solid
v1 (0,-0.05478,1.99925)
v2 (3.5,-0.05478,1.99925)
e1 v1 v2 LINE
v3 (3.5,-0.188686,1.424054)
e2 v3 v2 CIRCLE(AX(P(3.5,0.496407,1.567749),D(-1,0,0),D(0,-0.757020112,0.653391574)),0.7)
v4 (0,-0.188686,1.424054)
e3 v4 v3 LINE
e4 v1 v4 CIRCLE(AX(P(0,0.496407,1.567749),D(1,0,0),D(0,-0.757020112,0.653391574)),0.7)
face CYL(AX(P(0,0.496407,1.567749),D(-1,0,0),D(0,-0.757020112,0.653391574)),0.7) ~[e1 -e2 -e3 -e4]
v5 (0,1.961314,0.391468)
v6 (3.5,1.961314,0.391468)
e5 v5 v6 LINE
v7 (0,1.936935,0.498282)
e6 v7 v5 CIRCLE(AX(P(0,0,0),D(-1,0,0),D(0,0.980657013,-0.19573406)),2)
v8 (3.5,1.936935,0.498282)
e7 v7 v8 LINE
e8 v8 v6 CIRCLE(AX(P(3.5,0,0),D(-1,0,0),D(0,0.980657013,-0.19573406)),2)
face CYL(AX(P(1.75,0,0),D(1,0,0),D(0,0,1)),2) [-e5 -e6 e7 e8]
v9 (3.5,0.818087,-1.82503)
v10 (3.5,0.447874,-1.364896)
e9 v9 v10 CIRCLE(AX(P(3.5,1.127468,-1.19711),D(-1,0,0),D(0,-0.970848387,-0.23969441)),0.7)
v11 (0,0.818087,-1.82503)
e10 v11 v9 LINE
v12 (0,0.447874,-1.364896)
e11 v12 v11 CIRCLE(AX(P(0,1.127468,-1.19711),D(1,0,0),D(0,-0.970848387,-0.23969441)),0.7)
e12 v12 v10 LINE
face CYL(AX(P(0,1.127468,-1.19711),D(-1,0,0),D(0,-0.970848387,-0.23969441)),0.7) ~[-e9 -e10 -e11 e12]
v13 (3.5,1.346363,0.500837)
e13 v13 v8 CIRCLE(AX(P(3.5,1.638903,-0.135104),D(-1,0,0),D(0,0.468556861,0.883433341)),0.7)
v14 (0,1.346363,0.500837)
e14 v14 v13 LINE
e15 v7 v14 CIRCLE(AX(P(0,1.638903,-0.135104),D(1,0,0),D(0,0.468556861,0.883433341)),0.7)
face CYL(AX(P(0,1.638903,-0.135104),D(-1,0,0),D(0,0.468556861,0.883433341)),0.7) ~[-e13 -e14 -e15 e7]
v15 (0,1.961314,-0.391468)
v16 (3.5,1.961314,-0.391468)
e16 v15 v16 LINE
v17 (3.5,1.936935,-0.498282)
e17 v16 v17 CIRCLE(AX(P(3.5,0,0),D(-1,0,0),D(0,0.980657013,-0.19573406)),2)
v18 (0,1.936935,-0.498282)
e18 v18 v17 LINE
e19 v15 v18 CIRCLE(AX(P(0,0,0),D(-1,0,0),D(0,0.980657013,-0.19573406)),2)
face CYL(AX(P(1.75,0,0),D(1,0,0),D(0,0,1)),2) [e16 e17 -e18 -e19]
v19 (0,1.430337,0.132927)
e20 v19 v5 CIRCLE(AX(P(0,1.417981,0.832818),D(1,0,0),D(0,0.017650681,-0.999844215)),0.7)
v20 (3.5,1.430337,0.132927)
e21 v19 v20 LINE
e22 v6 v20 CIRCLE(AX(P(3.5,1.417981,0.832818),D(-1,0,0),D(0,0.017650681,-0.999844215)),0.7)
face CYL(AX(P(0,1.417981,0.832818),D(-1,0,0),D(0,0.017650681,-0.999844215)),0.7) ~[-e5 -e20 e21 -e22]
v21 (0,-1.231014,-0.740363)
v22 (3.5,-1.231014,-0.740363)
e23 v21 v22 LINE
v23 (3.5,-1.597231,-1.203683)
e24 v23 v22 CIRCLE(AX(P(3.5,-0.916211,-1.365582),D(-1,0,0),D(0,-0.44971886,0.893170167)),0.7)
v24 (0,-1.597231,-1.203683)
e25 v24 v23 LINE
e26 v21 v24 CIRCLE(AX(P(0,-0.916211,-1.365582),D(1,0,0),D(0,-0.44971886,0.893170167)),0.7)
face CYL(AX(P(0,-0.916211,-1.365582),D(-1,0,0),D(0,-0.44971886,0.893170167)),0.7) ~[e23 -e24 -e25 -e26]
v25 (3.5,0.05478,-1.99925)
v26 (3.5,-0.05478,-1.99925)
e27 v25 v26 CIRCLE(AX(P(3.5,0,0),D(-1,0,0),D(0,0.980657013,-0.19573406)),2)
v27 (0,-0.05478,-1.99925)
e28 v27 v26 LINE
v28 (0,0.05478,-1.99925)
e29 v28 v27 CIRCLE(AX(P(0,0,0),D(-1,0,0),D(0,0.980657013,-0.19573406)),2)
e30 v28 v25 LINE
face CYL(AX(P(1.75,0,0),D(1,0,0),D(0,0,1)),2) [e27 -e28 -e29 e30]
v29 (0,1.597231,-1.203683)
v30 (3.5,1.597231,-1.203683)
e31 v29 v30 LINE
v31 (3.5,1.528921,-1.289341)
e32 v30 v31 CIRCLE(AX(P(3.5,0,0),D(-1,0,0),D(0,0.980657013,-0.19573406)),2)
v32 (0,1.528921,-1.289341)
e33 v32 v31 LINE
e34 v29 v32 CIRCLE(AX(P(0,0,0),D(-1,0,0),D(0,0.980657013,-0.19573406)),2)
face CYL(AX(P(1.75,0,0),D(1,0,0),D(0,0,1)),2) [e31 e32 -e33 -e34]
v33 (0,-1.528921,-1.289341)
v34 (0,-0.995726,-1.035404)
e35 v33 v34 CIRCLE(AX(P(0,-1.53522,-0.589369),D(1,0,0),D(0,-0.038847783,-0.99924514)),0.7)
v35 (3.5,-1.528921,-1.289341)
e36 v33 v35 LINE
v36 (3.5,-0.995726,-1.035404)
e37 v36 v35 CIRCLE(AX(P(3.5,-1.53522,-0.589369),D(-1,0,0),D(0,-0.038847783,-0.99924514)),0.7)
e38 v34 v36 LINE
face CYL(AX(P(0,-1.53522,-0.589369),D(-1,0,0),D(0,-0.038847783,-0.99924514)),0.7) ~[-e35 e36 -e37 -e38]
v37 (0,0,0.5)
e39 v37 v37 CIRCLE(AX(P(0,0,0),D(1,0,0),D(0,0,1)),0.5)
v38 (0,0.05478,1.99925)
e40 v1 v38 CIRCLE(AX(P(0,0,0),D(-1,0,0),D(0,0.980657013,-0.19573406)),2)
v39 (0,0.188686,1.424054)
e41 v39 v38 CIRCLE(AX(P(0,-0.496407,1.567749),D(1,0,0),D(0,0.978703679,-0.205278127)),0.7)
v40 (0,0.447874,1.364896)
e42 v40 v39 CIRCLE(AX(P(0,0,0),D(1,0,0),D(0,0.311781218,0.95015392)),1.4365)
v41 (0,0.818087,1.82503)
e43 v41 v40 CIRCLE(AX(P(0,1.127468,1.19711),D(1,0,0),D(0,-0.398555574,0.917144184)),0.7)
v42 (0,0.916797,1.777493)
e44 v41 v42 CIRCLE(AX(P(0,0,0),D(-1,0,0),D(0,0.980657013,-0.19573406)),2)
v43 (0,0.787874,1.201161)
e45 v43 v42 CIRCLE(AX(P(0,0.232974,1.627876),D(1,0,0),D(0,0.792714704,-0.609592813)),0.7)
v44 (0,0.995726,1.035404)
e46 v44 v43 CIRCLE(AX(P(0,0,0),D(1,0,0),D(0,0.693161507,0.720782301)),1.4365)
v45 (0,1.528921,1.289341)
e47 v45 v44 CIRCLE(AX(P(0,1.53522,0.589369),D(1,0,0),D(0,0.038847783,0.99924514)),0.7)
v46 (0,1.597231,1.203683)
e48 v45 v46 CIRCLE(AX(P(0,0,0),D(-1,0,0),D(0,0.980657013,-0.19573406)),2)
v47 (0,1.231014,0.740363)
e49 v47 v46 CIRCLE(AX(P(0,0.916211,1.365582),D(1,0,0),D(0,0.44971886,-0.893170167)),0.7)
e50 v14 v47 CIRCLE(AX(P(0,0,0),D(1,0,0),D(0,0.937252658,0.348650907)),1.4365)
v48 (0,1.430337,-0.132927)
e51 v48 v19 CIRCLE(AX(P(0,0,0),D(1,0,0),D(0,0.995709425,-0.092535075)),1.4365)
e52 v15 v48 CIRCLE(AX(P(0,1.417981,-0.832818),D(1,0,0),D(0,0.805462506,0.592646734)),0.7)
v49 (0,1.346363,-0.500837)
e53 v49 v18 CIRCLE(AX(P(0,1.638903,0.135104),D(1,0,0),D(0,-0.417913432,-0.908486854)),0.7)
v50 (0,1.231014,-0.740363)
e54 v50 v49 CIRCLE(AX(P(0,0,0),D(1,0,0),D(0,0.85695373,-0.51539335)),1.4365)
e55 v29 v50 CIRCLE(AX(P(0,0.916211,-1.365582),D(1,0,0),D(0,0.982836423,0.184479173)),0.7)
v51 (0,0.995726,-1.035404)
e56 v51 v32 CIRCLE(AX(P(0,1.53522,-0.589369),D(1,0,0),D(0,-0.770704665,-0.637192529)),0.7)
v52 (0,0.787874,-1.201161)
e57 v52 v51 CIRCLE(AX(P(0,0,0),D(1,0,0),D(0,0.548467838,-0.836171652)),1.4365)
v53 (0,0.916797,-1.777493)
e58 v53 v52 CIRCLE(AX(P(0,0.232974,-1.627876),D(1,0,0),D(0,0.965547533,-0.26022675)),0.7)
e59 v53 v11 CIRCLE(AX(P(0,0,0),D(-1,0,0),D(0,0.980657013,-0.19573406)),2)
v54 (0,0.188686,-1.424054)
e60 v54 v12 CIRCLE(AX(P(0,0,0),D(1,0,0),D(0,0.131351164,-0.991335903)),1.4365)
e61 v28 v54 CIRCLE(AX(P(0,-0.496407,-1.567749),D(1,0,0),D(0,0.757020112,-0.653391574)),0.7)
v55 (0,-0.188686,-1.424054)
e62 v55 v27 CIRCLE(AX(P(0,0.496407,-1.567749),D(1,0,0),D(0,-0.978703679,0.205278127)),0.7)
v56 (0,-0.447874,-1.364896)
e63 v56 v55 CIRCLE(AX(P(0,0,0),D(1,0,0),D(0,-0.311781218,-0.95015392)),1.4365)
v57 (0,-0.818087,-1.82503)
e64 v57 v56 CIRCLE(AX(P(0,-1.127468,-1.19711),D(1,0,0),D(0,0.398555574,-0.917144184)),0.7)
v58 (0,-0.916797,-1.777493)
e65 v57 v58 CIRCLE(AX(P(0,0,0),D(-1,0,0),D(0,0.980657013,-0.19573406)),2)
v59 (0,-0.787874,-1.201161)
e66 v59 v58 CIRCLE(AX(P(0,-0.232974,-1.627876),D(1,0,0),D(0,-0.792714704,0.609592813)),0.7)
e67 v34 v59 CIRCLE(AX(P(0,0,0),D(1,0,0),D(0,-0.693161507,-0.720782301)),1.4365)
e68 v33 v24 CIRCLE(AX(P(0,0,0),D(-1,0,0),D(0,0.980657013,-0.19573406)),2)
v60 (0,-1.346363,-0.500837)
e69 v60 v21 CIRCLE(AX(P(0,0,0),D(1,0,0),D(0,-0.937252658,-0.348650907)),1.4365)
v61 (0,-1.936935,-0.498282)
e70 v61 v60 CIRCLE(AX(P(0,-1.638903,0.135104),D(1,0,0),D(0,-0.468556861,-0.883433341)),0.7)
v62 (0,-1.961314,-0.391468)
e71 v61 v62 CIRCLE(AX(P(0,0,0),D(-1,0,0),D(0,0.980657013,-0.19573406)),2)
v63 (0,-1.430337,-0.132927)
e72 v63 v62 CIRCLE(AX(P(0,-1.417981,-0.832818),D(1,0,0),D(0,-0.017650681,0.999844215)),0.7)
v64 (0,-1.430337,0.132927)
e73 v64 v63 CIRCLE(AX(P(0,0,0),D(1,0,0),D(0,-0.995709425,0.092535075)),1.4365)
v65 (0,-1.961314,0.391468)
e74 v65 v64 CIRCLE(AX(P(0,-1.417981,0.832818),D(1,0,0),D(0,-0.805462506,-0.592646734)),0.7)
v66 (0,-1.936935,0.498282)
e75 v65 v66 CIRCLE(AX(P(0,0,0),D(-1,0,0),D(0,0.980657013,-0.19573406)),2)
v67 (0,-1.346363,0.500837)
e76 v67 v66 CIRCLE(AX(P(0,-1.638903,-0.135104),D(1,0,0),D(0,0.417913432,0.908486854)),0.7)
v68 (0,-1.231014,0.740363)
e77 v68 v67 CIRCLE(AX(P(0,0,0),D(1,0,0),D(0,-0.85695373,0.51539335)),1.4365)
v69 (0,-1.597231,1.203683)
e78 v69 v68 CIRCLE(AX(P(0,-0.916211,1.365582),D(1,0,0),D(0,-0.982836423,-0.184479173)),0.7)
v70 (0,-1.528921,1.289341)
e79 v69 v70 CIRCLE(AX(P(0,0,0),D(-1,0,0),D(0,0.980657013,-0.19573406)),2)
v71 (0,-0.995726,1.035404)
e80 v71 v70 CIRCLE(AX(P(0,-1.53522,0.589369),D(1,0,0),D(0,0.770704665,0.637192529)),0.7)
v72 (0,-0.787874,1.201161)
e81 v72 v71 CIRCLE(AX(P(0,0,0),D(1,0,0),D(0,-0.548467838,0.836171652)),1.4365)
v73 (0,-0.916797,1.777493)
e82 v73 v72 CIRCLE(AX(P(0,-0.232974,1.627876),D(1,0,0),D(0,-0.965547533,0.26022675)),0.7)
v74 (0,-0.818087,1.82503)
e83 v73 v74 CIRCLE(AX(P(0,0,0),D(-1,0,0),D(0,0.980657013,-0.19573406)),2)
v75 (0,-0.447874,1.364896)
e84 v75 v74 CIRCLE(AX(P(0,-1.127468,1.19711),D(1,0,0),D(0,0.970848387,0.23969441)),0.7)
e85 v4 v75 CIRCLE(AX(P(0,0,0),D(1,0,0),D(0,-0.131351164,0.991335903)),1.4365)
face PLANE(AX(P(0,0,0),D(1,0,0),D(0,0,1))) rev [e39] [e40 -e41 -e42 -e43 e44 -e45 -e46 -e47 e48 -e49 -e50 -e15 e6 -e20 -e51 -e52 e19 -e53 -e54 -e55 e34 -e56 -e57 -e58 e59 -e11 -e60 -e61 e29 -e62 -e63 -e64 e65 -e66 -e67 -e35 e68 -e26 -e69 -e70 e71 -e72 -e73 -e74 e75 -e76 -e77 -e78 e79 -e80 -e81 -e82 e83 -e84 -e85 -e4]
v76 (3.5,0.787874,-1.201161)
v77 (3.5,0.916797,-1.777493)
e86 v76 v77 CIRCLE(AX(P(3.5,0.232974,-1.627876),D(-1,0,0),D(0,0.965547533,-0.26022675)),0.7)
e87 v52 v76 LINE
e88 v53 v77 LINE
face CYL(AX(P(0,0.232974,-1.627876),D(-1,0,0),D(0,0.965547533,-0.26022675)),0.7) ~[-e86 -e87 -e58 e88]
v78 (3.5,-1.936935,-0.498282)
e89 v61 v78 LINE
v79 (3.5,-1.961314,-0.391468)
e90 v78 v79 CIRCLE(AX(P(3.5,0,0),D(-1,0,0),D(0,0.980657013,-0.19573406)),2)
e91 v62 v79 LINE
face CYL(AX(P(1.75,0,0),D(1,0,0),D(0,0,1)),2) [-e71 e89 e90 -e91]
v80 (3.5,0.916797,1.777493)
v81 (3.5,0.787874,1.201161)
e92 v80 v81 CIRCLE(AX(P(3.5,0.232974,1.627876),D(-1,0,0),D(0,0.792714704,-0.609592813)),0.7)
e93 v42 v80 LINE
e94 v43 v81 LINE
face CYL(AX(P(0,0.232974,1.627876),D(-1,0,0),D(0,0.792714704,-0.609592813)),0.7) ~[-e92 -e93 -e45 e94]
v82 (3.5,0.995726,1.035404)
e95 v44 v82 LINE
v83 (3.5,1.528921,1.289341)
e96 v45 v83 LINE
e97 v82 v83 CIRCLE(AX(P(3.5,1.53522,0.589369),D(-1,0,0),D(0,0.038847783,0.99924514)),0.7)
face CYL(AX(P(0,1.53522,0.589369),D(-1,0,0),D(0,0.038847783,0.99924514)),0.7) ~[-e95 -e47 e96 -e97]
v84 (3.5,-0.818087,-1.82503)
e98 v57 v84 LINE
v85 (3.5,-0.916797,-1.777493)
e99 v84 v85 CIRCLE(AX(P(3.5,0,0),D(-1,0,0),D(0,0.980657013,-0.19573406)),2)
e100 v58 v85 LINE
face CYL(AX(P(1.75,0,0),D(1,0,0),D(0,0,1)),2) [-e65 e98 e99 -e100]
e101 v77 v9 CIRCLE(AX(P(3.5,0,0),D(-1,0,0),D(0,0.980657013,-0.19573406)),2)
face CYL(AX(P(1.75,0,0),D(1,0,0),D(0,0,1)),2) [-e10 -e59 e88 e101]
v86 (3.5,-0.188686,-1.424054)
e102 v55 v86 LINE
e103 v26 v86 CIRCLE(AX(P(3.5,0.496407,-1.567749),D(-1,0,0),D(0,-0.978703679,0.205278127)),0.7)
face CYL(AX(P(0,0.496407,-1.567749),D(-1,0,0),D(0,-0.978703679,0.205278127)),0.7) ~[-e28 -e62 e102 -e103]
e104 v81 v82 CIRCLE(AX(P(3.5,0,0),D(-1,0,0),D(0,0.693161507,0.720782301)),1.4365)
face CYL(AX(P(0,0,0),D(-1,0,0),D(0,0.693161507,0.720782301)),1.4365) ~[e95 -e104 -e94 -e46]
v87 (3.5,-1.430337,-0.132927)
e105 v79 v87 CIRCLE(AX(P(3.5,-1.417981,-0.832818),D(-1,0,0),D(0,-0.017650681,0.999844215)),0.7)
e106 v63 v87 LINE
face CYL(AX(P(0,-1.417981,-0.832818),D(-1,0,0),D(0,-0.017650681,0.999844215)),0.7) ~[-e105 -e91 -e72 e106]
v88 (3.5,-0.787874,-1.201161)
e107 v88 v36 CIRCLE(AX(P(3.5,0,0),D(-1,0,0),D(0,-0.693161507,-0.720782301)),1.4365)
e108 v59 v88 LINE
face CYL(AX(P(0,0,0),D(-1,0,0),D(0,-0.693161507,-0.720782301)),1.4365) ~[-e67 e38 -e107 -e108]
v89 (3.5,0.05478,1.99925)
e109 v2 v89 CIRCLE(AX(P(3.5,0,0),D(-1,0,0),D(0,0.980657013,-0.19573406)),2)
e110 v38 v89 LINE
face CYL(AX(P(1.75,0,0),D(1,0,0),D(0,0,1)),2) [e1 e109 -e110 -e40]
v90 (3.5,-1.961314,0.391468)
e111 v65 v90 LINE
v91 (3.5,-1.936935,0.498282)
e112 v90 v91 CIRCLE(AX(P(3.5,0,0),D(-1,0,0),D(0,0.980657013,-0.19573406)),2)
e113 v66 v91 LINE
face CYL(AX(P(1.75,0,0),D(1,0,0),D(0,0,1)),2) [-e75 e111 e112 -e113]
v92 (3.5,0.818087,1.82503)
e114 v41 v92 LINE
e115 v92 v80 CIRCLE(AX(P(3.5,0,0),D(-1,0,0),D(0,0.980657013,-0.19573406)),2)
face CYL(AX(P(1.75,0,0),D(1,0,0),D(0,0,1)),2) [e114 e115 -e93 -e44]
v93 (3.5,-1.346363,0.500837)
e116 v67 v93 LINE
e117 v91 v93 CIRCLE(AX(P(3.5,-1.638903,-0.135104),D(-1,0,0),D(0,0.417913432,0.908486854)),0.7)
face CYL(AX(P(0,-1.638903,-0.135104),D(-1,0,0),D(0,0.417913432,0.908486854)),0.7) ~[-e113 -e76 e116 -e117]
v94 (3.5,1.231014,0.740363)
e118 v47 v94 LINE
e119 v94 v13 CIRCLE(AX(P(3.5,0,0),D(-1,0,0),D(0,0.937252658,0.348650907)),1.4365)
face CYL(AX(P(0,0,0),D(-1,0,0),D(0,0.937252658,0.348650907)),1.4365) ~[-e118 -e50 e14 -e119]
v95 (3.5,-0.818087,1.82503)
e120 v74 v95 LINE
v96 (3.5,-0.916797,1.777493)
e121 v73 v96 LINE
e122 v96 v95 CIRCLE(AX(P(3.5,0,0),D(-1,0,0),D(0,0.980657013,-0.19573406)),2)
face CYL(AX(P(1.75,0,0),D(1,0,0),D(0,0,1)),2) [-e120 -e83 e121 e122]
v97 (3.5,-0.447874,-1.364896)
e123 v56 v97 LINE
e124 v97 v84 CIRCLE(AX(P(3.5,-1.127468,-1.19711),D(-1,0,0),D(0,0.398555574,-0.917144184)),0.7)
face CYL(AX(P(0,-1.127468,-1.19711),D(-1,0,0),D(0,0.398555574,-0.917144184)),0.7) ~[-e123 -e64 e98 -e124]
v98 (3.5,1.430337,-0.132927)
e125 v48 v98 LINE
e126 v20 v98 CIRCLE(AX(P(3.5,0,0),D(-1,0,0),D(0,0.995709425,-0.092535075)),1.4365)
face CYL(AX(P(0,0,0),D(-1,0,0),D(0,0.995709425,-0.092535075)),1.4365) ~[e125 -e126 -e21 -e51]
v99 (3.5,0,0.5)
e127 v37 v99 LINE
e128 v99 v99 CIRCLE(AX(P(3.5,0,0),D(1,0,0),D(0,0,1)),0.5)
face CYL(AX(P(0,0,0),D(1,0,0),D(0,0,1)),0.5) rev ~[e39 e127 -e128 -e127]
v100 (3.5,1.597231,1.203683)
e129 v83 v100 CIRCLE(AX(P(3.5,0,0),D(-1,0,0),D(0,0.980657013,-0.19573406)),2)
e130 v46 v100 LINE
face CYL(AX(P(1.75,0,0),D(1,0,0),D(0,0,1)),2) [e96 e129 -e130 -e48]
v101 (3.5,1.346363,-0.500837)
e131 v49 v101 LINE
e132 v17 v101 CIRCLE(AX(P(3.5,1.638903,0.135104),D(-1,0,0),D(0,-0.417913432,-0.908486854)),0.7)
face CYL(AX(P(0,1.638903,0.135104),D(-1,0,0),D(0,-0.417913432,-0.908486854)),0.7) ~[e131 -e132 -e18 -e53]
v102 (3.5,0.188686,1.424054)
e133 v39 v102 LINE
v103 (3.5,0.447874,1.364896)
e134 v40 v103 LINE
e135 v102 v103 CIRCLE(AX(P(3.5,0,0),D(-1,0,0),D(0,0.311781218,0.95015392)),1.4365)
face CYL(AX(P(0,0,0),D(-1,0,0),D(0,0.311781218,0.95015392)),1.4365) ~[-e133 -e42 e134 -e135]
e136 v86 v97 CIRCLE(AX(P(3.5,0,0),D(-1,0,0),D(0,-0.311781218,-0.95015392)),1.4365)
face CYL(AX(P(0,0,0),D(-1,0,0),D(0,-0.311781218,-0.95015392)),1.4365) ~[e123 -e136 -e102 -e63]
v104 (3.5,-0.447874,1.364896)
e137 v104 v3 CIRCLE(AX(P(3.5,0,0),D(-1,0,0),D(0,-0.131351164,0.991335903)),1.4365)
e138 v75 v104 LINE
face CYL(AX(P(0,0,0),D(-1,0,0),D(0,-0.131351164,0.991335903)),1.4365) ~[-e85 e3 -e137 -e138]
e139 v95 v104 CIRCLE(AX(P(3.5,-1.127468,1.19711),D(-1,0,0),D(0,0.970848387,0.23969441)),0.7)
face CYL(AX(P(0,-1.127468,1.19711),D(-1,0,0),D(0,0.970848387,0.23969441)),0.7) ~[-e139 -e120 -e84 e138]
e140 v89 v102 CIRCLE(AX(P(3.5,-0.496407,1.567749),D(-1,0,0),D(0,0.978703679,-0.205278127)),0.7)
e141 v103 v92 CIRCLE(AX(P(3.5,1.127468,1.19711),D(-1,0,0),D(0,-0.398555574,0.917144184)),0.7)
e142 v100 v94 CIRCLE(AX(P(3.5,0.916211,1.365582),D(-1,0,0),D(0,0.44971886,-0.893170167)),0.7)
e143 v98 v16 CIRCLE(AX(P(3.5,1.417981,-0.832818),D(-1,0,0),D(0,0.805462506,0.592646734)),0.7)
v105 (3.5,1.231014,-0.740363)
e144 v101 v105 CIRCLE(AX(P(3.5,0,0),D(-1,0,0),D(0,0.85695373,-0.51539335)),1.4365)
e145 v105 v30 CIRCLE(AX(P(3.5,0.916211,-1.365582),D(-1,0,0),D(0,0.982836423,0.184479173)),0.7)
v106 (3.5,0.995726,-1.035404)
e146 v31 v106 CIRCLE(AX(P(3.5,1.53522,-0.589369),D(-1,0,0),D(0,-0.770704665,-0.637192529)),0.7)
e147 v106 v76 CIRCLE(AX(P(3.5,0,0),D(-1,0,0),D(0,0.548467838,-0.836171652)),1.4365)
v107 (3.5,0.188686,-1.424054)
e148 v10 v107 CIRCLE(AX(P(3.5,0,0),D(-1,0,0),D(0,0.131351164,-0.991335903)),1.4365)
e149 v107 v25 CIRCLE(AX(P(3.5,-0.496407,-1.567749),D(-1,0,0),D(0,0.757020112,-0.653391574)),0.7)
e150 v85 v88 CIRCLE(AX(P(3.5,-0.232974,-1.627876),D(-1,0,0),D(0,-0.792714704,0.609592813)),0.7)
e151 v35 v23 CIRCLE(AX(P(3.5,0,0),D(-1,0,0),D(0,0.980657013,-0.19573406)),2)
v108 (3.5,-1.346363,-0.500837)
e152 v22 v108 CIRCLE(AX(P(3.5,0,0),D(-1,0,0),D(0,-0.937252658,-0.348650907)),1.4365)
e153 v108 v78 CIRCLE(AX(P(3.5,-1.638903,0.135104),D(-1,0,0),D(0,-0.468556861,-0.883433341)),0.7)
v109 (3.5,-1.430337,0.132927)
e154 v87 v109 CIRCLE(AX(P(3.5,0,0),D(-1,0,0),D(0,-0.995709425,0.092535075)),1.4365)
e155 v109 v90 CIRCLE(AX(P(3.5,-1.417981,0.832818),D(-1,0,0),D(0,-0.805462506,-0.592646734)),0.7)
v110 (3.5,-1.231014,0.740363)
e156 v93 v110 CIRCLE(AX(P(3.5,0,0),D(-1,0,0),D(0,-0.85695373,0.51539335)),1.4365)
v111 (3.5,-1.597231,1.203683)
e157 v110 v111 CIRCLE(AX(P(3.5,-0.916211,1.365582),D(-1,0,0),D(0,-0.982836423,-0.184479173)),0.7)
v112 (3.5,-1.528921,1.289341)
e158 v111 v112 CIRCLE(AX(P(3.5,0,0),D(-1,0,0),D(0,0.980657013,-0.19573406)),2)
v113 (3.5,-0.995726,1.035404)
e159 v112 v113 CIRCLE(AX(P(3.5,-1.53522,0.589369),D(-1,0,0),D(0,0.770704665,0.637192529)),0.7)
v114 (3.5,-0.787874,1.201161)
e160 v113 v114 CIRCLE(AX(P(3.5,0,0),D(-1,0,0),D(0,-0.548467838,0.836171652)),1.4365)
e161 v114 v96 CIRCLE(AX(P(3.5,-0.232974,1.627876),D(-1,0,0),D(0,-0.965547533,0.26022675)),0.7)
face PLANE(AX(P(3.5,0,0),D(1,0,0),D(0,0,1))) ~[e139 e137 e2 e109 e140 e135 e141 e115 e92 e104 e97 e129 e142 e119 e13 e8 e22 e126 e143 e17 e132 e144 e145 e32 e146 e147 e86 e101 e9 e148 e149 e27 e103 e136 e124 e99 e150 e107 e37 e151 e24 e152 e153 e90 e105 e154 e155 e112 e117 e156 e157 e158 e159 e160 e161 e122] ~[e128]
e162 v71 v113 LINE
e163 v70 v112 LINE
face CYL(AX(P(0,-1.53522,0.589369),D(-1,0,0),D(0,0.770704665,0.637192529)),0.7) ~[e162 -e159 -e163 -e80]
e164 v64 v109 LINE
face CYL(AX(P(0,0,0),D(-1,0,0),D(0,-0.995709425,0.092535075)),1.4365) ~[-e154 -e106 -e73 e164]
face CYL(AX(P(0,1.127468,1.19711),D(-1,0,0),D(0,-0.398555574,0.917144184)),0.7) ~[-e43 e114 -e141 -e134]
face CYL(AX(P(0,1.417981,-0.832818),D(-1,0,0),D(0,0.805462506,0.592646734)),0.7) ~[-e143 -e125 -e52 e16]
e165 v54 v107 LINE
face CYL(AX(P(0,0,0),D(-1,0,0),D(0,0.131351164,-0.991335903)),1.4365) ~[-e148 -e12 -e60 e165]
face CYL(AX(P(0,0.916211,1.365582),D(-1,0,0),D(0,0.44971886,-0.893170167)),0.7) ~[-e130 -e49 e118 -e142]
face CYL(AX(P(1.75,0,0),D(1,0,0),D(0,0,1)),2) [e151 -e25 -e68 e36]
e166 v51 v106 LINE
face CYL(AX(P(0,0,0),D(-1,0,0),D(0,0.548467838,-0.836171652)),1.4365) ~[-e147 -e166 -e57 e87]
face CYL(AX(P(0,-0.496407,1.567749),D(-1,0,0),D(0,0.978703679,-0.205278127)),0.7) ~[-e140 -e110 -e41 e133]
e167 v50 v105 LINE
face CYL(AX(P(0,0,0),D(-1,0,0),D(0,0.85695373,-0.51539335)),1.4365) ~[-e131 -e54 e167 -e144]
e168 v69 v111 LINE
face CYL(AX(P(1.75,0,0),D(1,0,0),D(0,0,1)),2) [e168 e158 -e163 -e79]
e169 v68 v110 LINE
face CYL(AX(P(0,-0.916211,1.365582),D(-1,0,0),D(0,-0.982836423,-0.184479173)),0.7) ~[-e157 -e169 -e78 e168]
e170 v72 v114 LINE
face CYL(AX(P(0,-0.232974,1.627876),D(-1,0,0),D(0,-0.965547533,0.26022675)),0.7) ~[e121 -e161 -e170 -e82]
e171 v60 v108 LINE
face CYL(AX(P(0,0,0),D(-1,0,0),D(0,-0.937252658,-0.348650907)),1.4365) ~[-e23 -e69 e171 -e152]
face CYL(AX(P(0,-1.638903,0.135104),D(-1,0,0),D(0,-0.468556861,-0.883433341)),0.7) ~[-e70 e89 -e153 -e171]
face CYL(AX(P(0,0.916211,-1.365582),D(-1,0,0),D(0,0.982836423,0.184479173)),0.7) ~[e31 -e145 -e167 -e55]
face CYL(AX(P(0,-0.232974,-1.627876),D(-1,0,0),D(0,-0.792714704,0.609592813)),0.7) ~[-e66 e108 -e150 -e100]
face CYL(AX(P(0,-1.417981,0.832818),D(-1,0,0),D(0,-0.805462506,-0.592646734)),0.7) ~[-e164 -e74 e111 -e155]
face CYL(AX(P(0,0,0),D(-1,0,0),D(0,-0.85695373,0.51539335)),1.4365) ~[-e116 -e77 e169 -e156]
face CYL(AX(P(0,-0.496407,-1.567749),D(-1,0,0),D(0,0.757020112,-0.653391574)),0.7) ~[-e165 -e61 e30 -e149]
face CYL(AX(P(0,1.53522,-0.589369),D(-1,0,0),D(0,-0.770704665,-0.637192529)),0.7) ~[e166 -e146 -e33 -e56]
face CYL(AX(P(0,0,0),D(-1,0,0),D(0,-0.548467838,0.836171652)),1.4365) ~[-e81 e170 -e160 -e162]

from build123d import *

# Parameters (mm, degrees)
BASPROSKE_W     = 3.5
BASPROSKE_H     = 2
TOOTHCUT_DEPTH  = 5.5
TEETHCUTS_COUNT = 14
TEETHCUTS_ANGLE = 334.285714286
BORSKE_R        = 0.5
BORE_DEPTH      = 50.0000508


with BuildPart() as part:
    # BasProSke → Base-Revolve (revolve)
    with BuildSketch(Plane(origin=(0, 0, 0), x_dir=(1, 0, 0), z_dir=(0, 1, 0)), mode=Mode.PRIVATE) as base_revolve_sk:
        with Locations((1.75, 1)):
            Rectangle(BASPROSKE_W, BASPROSKE_H)
    revolve(base_revolve_sk.sketch.rotate(Axis((-10, 0, 0), (1, 0, 0)), 180), axis=Axis((-10, 0, 0), (1, 0, 0)))

    # TooCutSke → ToothCut (cut, through all)
    with BuildSketch(Plane(origin=(0, 0, 0), x_dir=(0, 0, -1), z_dir=(1, 0, 0))):
        with BuildLine():
            ThreePointArc((0.132926628, 1.43033659), (0, 1.4365), (-0.132926628, 1.43033659))
            ThreePointArc((-0.132926628, 1.43033659), (-0.210971396, 1.739395683), (-0.417964864, 1.981804867))
            ThreePointArc((-0.417964864, 1.981804867), (0, 2.0254), (0.417964864, 1.981804867))
            ThreePointArc((0.417964864, 1.981804867), (0.210971396, 1.739395683), (0.132926628, 1.43033659))
        make_face()
    toothcut = extrude(amount=TOOTHCUT_DEPTH, mode=Mode.SUBTRACT)

    # TeethCuts: ToothCut ×14 about axis
    teethcuts_axis = Axis((-10, 0, 0), (1, 0, 0))
    for i in range(1, TEETHCUTS_COUNT):
        add(toothcut.rotate(teethcuts_axis, i * TEETHCUTS_ANGLE / (TEETHCUTS_COUNT - 1)), mode=Mode.SUBTRACT)

    # BorSke → Bore (cut, symmetric)
    with BuildSketch(Plane(origin=(0, 0, 0), x_dir=(0, 0, -1), z_dir=(1, 0, 0))):
        with Locations(Location((0, 0, 0), (0, 0, 180))):
            Circle(BORSKE_R)
    extrude(amount=BORE_DEPTH, both=True, mode=Mode.SUBTRACT)


solid = part.part
